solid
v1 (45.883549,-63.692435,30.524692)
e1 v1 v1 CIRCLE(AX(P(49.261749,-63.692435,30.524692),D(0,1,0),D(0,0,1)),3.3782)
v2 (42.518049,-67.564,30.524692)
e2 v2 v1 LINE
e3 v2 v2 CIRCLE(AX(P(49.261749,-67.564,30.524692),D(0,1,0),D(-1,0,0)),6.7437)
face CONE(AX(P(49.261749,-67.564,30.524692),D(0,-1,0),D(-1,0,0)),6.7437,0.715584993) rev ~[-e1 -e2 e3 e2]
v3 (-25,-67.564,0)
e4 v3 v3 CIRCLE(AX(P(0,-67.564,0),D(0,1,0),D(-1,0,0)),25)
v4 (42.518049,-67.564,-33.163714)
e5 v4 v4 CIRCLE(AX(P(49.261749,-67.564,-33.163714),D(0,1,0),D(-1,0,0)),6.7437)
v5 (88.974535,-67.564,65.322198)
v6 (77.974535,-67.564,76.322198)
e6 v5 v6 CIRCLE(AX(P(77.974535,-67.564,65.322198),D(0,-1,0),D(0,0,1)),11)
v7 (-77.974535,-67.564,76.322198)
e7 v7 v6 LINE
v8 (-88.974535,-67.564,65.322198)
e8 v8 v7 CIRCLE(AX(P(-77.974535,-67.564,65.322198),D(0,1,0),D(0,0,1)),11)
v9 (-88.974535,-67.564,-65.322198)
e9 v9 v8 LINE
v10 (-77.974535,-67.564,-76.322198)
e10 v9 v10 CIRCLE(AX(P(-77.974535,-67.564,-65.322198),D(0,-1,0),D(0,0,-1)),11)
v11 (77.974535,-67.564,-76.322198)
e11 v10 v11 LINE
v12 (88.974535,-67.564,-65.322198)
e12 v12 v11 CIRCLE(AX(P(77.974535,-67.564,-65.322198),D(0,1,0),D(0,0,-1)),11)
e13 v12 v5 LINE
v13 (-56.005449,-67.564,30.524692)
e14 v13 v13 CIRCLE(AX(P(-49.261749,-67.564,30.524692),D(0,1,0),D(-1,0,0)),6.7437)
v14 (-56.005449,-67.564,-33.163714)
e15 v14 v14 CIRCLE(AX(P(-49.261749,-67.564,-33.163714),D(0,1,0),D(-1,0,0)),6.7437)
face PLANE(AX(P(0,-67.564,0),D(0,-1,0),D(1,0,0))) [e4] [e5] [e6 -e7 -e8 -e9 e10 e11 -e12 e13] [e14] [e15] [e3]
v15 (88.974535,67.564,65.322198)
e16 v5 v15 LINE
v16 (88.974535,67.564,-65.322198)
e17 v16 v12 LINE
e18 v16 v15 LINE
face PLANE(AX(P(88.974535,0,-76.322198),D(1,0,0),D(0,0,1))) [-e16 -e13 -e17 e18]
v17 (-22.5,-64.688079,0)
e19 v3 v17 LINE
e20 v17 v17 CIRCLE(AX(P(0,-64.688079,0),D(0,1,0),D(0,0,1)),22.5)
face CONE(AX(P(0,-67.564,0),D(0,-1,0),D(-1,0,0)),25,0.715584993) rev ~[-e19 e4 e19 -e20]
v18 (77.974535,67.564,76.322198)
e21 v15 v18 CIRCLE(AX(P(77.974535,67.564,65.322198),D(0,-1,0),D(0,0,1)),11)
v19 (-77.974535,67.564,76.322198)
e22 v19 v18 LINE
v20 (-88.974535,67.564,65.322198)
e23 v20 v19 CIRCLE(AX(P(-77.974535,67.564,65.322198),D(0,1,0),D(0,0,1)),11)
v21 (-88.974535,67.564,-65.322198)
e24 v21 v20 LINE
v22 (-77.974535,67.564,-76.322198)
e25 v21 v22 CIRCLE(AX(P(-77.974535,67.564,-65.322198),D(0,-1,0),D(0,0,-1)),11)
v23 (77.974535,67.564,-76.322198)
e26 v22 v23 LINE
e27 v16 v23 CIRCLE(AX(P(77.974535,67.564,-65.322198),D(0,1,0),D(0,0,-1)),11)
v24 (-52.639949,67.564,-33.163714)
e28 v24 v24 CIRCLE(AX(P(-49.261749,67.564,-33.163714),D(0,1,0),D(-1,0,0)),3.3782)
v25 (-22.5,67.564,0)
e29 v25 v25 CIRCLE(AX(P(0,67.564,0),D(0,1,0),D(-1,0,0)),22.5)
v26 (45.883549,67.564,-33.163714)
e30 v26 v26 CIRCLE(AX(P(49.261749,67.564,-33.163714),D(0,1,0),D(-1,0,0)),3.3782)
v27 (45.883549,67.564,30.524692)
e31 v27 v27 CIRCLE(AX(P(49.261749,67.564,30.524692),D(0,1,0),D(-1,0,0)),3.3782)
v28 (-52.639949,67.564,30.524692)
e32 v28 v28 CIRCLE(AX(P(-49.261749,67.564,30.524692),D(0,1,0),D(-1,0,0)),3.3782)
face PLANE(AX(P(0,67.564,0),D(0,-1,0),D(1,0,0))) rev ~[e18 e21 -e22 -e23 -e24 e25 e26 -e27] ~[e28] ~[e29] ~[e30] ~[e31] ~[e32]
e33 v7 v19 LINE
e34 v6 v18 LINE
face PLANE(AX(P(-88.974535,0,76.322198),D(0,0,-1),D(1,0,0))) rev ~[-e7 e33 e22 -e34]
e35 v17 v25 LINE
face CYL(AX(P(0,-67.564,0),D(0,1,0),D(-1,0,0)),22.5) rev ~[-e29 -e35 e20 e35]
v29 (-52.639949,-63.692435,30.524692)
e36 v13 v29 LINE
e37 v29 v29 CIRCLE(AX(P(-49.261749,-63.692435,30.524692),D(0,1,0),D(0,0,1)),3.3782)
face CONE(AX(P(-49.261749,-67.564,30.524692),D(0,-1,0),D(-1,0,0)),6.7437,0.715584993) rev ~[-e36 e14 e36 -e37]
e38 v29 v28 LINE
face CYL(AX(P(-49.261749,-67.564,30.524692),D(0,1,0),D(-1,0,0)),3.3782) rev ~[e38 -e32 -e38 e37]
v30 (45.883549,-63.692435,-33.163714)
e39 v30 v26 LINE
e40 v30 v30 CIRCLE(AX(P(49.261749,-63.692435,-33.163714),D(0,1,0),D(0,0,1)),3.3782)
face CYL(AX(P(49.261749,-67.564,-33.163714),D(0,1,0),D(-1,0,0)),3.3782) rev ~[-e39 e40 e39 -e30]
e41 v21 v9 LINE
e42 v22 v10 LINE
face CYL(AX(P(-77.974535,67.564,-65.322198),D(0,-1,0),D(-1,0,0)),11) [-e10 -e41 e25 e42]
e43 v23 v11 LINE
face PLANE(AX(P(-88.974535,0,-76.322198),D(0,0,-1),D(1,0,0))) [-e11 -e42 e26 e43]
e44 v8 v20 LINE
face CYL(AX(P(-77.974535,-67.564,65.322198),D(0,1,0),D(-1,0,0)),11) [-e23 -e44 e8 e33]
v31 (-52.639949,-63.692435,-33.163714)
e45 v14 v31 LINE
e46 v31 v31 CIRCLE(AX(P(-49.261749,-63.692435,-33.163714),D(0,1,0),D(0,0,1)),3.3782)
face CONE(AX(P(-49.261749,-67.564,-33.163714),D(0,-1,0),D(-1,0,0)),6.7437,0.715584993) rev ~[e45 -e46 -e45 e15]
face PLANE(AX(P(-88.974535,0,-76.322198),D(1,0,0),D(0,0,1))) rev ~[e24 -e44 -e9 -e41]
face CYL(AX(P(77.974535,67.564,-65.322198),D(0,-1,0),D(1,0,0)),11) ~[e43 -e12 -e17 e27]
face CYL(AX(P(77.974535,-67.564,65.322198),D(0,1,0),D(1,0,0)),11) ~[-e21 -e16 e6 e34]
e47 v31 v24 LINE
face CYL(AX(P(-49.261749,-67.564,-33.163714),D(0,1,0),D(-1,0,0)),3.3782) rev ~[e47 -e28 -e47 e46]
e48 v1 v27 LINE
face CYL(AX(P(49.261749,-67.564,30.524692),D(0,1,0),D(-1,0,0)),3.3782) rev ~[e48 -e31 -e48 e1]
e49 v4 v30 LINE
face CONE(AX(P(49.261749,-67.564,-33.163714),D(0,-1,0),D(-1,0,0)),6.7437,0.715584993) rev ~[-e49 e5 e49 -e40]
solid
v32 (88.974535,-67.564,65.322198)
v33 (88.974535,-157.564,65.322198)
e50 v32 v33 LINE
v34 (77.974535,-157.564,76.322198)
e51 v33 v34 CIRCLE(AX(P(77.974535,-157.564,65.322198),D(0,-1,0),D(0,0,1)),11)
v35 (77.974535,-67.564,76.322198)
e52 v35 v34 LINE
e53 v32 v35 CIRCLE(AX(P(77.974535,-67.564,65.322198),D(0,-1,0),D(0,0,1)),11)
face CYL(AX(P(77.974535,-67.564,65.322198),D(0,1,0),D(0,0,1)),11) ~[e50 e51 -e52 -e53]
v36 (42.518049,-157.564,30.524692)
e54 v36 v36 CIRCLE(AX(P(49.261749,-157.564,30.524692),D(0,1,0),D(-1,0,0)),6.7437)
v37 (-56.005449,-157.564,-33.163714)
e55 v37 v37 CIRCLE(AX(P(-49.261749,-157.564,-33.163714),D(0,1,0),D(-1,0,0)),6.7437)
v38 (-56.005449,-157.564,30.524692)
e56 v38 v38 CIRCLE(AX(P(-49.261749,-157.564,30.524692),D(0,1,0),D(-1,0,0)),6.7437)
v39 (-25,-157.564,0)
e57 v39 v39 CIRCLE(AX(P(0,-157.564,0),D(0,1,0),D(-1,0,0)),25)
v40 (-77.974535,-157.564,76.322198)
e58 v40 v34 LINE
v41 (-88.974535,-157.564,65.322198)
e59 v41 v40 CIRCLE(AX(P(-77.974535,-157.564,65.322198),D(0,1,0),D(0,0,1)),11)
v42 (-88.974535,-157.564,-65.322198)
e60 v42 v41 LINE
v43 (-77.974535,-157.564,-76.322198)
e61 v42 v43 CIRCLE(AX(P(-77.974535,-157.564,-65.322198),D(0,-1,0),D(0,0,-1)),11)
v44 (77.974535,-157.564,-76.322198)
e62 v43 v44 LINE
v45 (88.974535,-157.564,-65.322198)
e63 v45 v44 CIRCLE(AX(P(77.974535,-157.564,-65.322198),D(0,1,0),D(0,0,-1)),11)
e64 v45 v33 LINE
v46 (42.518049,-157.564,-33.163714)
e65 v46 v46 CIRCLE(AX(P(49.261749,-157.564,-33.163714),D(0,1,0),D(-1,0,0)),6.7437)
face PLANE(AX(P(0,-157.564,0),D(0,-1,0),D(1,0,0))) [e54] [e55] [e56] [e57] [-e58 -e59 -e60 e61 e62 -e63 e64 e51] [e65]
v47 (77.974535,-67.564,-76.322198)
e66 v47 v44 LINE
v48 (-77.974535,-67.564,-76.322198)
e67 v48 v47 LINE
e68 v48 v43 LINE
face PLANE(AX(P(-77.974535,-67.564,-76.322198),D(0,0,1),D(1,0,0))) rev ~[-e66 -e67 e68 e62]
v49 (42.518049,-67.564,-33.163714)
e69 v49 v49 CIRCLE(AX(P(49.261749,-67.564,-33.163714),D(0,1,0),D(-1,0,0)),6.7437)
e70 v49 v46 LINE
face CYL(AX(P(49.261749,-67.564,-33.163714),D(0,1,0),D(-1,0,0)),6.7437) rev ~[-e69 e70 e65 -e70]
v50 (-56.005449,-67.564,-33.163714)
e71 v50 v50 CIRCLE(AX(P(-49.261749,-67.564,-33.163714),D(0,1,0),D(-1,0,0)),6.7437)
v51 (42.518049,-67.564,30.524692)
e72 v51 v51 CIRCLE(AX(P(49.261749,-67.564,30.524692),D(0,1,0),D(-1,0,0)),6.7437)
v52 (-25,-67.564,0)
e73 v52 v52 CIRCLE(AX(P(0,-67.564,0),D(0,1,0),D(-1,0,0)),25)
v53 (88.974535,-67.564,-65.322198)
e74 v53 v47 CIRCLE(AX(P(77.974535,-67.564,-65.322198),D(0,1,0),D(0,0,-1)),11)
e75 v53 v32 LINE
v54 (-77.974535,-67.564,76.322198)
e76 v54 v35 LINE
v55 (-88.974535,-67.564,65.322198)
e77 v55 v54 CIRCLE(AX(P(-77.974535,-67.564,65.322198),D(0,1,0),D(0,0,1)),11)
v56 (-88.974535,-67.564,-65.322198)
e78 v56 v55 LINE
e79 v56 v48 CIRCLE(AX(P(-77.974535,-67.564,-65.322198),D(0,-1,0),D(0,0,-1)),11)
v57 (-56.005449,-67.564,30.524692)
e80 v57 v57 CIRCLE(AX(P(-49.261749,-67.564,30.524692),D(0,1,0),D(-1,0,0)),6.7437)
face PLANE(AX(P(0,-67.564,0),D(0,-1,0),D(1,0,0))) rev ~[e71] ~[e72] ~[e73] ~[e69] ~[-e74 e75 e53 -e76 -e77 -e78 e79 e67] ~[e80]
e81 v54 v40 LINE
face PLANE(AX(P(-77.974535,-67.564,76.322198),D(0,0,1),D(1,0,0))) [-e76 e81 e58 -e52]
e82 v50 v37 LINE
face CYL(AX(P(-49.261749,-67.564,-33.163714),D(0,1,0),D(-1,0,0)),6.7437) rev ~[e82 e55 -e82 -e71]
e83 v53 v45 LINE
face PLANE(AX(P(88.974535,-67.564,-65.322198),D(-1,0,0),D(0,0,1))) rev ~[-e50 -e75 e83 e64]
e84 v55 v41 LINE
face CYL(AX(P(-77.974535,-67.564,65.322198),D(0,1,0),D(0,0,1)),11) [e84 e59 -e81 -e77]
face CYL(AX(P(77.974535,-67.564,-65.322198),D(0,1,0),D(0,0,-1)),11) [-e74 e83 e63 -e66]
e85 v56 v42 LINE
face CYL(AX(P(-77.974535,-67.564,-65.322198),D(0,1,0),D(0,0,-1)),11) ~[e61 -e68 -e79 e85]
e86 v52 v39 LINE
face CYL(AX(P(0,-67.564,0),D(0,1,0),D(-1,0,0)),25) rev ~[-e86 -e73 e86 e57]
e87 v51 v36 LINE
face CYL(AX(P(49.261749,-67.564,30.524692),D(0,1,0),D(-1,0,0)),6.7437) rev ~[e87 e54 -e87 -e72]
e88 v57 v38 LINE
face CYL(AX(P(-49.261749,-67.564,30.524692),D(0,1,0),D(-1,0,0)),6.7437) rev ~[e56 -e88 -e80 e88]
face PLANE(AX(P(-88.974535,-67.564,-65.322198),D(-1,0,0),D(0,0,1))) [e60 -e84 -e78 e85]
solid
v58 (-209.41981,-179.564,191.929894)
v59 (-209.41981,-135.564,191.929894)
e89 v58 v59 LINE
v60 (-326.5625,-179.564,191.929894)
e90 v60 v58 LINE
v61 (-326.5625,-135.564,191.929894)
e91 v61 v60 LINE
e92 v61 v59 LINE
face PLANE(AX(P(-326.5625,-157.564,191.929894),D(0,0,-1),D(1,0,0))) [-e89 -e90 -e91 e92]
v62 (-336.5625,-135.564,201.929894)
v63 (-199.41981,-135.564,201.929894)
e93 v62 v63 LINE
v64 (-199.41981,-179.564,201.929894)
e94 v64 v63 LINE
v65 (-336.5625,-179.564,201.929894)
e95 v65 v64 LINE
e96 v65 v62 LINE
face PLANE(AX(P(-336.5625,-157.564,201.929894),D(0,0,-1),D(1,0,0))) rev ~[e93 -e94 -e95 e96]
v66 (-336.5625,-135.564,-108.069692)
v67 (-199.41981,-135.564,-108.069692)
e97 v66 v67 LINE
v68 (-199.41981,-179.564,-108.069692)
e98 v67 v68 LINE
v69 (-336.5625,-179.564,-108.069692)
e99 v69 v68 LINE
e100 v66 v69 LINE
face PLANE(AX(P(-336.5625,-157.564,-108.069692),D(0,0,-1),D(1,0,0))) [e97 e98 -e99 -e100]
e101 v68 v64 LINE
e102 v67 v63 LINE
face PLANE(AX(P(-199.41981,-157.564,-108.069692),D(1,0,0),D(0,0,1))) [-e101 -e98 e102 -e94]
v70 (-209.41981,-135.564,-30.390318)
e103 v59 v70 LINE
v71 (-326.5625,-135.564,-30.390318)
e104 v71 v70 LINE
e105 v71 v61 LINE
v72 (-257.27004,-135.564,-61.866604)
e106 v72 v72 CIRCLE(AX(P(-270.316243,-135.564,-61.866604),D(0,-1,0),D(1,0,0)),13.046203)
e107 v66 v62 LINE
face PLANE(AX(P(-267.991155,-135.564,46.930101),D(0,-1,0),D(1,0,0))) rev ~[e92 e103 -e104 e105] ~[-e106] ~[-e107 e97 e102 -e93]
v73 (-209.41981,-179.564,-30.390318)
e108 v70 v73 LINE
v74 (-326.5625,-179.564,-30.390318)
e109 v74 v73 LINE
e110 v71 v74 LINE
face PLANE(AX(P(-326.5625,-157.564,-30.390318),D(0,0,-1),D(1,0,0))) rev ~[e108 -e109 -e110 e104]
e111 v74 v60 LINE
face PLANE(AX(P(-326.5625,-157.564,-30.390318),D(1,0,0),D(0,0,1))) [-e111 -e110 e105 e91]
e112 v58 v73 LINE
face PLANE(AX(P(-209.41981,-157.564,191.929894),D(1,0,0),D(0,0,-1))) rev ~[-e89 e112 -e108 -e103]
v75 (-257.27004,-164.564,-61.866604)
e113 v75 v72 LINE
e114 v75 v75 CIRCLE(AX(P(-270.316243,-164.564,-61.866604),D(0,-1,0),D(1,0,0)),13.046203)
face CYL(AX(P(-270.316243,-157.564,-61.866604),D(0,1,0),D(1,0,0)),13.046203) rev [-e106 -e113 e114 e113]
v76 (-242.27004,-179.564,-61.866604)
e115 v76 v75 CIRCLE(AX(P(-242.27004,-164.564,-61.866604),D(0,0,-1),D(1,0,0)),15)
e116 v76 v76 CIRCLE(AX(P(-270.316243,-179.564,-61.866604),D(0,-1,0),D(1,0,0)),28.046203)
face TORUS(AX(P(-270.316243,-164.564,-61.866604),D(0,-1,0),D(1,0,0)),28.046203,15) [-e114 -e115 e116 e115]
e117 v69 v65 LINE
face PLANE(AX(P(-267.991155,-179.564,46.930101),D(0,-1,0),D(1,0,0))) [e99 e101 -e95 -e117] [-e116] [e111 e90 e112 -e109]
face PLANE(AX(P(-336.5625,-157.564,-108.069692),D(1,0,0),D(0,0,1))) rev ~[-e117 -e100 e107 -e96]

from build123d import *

# Parameters (mm, degrees)
F0_W           = 177.9490709305
F0_H           = 152.6443958282
F1_DEPTH       = 67.564
F2_R           = 11
F4_D           = 6.7564
F4_CSINK_D     = 13.4874
F4_CSINK_ANGLE = 82
F6_D           = 45
F6_CSINK_D     = 50
F6_CSINK_ANGLE = 82
F7_DEPTH       = 90
F8_W           = 137.1426898649
F8_H           = 309.9995861312
F8_W_2         = 117.1426898649
F8_H_2         = 67.6793738137
F8_R           = 13.0462030276
F9_DEPTH       = 22
F10_R          = 15


with BuildPart() as f1:
    # F0 (on Front) → F1 (new body, symmetric)
    with BuildSketch(Plane.XZ):
        Rectangle(F0_W, F0_H)
    extrude(amount=F1_DEPTH, both=True)

    # F2
    f2_edges = [f1.edges().sort_by_distance(p)[0] for p in [
        (88.974535, 0, 76.322198),
        (88.974535, 0, -76.322198),
        (-88.974535, 0, -76.322198),
        (-88.974535, 0, 76.322198),
    ]]
    fillet(f2_edges, radius=F2_R)

    # F4 (through all)
    with Locations(Plane.XZ.offset(67.564)):
        with Locations((-49.2617487907, 30.5246915668), (49.2617487907, 30.5246915668), (49.2617487907, -33.1637137569), (-49.2617487907, -33.1637137569)):
            CounterSinkHole(F4_D / 2, F4_CSINK_D / 2, counter_sink_angle=F4_CSINK_ANGLE)

    # F6 (through all)
    with Locations(Plane.XZ.offset(67.564)):
        with Locations((0, 0)):
            CounterSinkHole(F6_D / 2, F6_CSINK_D / 2, counter_sink_angle=F6_CSINK_ANGLE)


with BuildPart() as f7:
    # F7 (new): a face of the model
    f7_faces = [f1.part.faces().sort_by_distance(p)[0] for p in [
        (0, -67.564, 73.9777111169),
    ]]
    extrude(f7_faces, amount=F7_DEPTH)


with BuildPart() as f9:
    # F8 (on face) → F9 (new body, symmetric)
    with BuildSketch(Plane.XZ.offset(157.564)):
        with Locations((-267.991155386, 46.9301007688)):
            Rectangle(F8_W, F8_H)
        Polygon((-326.5625003184, -30.3903184831), (-326.5625003184, 191.9298938344), (-209.4198104535, 191.9298938344), (-209.4198104535, -30.3903184831), (-209.4198104535, -98.0696922968), (-326.5625003184, -98.0696922968), align=None, mode=Mode.SUBTRACT)
        with Locations((-267.991155386, -64.2300053899)):
            Rectangle(F8_W_2, F8_H_2)
        with Locations((-270.3162431717, -61.8666037917)):
            Circle(F8_R, mode=Mode.SUBTRACT)
    extrude(amount=F9_DEPTH, both=True)

    # F10
    f10_edges = [f9.edges().sort_by_distance(p)[0] for p in [
        (-283.362446, -179.564, -61.866604),
    ]]
    fillet(f10_edges, radius=F10_R)


solid = Compound([f1.part, f7.part, f9.part])
